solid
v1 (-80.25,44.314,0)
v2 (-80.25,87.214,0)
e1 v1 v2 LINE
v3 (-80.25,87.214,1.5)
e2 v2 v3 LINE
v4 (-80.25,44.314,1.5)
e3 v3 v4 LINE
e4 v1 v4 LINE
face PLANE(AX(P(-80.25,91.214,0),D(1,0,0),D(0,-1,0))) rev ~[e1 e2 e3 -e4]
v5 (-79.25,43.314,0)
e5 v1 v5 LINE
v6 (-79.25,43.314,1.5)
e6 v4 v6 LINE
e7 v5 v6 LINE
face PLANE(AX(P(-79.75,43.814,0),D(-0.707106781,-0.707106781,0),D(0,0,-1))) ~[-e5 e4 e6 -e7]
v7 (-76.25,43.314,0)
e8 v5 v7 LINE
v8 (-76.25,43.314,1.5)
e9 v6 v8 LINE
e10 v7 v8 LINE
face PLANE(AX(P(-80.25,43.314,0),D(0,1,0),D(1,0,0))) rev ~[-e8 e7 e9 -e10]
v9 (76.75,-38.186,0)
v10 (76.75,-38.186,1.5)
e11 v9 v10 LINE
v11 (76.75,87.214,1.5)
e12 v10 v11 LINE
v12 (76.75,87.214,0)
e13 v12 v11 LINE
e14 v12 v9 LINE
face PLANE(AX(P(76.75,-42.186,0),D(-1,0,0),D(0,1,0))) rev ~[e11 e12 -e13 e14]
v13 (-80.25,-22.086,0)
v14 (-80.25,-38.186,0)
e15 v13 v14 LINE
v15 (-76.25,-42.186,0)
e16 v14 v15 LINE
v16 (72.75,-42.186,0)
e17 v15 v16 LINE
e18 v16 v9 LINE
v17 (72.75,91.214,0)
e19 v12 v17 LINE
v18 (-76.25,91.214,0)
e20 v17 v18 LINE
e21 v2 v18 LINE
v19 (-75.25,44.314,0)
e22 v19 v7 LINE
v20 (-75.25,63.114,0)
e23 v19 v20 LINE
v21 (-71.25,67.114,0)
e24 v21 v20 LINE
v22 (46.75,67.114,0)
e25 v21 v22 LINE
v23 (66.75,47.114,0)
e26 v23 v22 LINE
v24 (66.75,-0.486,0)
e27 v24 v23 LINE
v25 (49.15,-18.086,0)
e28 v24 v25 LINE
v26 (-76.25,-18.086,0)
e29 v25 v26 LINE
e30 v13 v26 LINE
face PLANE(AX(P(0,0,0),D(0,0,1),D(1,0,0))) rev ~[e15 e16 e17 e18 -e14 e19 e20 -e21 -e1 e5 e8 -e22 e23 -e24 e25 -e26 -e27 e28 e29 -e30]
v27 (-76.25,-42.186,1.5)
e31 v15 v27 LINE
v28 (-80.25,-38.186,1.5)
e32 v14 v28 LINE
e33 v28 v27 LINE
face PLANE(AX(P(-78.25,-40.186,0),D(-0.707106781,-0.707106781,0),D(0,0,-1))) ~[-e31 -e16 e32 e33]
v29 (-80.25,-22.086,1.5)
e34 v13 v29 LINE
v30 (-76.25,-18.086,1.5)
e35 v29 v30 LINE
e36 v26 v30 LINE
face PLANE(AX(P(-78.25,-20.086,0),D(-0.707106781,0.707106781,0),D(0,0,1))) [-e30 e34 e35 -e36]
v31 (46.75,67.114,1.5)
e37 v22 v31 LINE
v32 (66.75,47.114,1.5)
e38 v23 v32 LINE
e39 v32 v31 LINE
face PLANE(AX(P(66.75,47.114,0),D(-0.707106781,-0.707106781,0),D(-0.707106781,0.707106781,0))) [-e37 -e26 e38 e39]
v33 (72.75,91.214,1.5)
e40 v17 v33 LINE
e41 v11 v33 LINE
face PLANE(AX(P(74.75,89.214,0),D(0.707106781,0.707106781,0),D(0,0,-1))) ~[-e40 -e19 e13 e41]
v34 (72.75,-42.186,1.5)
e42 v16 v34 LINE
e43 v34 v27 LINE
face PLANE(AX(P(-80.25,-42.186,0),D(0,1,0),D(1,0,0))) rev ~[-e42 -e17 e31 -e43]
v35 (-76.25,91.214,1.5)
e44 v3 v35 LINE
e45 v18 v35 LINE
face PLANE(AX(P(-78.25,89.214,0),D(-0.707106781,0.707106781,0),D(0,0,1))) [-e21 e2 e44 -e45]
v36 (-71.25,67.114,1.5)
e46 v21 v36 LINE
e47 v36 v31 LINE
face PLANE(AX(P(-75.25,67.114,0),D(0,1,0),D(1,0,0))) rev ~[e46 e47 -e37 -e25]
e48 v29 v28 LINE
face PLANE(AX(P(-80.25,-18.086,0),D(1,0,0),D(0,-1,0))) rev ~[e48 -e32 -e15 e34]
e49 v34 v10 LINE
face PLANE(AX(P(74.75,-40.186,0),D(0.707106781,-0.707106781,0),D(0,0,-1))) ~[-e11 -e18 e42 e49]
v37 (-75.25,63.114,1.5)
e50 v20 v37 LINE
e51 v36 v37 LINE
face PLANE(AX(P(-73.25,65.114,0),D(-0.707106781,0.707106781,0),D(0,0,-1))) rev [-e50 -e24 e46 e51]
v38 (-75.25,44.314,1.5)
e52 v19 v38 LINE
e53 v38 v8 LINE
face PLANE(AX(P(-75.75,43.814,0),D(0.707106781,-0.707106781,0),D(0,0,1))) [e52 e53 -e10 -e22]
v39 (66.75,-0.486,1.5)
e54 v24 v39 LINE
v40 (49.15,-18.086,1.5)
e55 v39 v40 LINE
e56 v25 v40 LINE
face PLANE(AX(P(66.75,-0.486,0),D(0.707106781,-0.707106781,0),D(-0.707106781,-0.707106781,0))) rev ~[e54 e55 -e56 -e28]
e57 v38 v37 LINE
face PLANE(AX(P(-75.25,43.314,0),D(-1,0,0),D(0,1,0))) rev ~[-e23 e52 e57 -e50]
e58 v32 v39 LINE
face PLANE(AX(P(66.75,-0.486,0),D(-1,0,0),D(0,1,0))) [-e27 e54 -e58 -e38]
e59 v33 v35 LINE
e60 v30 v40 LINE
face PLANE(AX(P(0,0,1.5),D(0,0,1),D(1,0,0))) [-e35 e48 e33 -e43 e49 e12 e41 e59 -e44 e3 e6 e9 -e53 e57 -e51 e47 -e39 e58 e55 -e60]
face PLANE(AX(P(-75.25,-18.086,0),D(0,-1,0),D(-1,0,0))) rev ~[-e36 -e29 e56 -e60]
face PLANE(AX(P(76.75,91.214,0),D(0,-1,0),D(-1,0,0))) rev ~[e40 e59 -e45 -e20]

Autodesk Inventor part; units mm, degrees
ref_plane "YZ Plane" through (0, 0, 0) normal (1, 0, 0) x (0, 1, 0)
ref_plane "XZ Plane" through (0, 0, 0) normal (0, 1, 0) x (-1, 0, 0)
ref_plane "XY Plane" through (0, 0, 0) normal (0, 0, 1) x (1, 0, 0)
sketch "Эскиз1" plane through (0, 0, 0) normal (0, 0, 1) x (1, 0, 0)
  line L0 (0, 0) -> (-80.25, 0) construction
  line L1 (-80.25, 0) -> (-80.25, -18.086) construction
  line L2 (-80.25, -18.086) -> (0, -18.086) construction
  line L3 (0, -18.086) -> (0, 0) construction
  line L4 (-80.25, -18.086) -> (-80.25, -42.186) construction
  line L5 (-80.25, -18.086) -> (-56.15, -18.086) construction
  line L6 (-80.25, -42.186) -> (76.75, -42.186)
  line L7 (76.75, -42.186) -> (76.75, 91.214)
  line L8 (76.75, 91.214) -> (-80.25, 91.214)
  line L9 (-80.25, 91.214) -> (-80.25, -42.186)
  line L10 (-80.25, -42.186) -> (76.75, -42.186)
  line L11 (76.75, -42.186) -> (76.75, -18.086)
  line L12 (76.75, -18.086) -> (-80.25, -18.086)
  line L13 (-80.25, -18.086) -> (-80.25, -42.186)
  line L14 (76.75, 91.214) -> (-80.25, 91.214)
  line L15 (-80.25, 91.214) -> (-80.25, 67.114)
  line L16 (-80.25, 67.114) -> (76.75, 67.114)
  line L17 (76.75, 67.114) -> (76.75, 91.214)
  line L18 (-80.25, -42.186) -> (-75.25, -42.186)
  line L19 (-75.25, -42.186) -> (-75.25, 88.814)
  line L20 (-75.25, 88.814) -> (-80.25, 88.814)
  line L21 (-80.25, 88.814) -> (-80.25, -42.186)
  line L22 (76.75, -42.186) -> (66.75, -42.186)
  line L23 (66.75, -42.186) -> (66.75, 88.814)
  line L24 (66.75, 88.814) -> (76.75, 88.814)
  line L25 (76.75, 88.814) -> (76.75, -42.186)
  line L26 (76.75, -42.186) -> (41.75, -42.186)
  line L27 (41.75, -42.186) -> (41.75, -22.186)
  line L28 (41.75, -42.186) -> (61.75, -42.186) construction
  line L29 (76.75, 23.314) -> (-80.25, 23.314)
  line L30 (41.75, 88.814) -> (41.75, 68.814)
  line L31 (66.75, 67.114) -> (66.75, 47.114)
  line L32 (66.75, 47.114) -> (46.75, 67.114)
  line L33 (66.75, 47.114) -> (95.0343, 47.114) construction
  line L34 (66.75, -0.486) -> (46.75, -20.486)
  line L35 (-75.25, 23.314) -> (-80.25, 23.314)
  line L36 (-80.25, 23.314) -> (-80.25, 43.314)
  line L37 (-80.25, 43.314) -> (-75.25, 43.314)
  line L38 (-75.25, 43.314) -> (-75.25, 23.314)
  point P0 (-75.25, -18.086)
  point P1 (-75.25, 67.114)
  point P2 (71.75, 70.413)
  point P3 (66.75, -18.086)
  point P4 (66.75, -0.486)
  point P5 (49.15, -18.086)
  point P6 (-80.25, 43.314)
  point P7 (-75.25, 43.314)
  point P8 (-80.25, -18.086)
  dimension "d0" = 80.25
  dimension "d1" = 18.086
  dimension "d2" = 24.1
  dimension "d3" = 90
  dimension "d4" = 157
  dimension "d5" = 133.4
  dimension "d6" = 157
  dimension "d7" = 24.1
  dimension "d8" = 157
  dimension "d9" = 24.1
  dimension "d10" = 5
  dimension "d11" = 131
  dimension "d12" = 10
  dimension "d13" = 131
  dimension "d16" = 35
  dimension "d17" = 20
  dimension "d18" = 90
  dimension "d19" = 20
  dimension "d20" = 135
  dimension "d21" = 20
extrude "Выдавливание1" add sketch "Эскиз1" along normal blind 1.5 contours L9 L12 L19 L6 | L19 L12 L23 L6 | L23 L12 L7 L6 | L34 L23 L12 | L9 L16 L19 L37 | L23 L29 L7 L12 | L23 L16 L7 L29 | L9 L20 L19 L16 | L19 L20 L9 L8 L7 L24 L23 L16 | L32 L16 L23 | L23 L24 L7 L16
sketch "Эскиз2" plane through (-80.25, -42.186, 0) normal (0, -1, 0) x (1, 0, 0)
  line L0 (129.4, 0) -> (0, 0) projected
  line L1 (157, 0) -> (0, 0) projected
  line L2 (0, 0) -> (157, 0)
  line L3 (157, 0) -> (78.5, 0)
  line L4 (78.5, 0) -> (78.5, -20)
  line L5 (78.5, -20) -> (73.5, -20)
  line L6 (73.5, -20) -> (49.6649, 0)
  line L7 (78.5, -20) -> (83.5, -20)
  line L8 (83.5, -20) -> (107.3351, 0)
  point P0 (80.25, 0)
  dimension "d22" = 20
  dimension "d24" = 5
  dimension "d25" = 140
chamfer "Фаска1" distance 4 angle 45 6 edges at (76.75, 91.214, 0.75) (76.75, -42.186, 0.75) (-80.25, -18.086, 0.75) (-80.25, -42.186, 0.75) (-80.25, 91.214, 0.75) (-75.25, 67.114, 0.75)
chamfer "Фаска2" distance 1 angle 45 2 edges at (-80.25, 43.314, 0.75) (-75.25, 43.314, 0.75)
properties part number "sensor board"
